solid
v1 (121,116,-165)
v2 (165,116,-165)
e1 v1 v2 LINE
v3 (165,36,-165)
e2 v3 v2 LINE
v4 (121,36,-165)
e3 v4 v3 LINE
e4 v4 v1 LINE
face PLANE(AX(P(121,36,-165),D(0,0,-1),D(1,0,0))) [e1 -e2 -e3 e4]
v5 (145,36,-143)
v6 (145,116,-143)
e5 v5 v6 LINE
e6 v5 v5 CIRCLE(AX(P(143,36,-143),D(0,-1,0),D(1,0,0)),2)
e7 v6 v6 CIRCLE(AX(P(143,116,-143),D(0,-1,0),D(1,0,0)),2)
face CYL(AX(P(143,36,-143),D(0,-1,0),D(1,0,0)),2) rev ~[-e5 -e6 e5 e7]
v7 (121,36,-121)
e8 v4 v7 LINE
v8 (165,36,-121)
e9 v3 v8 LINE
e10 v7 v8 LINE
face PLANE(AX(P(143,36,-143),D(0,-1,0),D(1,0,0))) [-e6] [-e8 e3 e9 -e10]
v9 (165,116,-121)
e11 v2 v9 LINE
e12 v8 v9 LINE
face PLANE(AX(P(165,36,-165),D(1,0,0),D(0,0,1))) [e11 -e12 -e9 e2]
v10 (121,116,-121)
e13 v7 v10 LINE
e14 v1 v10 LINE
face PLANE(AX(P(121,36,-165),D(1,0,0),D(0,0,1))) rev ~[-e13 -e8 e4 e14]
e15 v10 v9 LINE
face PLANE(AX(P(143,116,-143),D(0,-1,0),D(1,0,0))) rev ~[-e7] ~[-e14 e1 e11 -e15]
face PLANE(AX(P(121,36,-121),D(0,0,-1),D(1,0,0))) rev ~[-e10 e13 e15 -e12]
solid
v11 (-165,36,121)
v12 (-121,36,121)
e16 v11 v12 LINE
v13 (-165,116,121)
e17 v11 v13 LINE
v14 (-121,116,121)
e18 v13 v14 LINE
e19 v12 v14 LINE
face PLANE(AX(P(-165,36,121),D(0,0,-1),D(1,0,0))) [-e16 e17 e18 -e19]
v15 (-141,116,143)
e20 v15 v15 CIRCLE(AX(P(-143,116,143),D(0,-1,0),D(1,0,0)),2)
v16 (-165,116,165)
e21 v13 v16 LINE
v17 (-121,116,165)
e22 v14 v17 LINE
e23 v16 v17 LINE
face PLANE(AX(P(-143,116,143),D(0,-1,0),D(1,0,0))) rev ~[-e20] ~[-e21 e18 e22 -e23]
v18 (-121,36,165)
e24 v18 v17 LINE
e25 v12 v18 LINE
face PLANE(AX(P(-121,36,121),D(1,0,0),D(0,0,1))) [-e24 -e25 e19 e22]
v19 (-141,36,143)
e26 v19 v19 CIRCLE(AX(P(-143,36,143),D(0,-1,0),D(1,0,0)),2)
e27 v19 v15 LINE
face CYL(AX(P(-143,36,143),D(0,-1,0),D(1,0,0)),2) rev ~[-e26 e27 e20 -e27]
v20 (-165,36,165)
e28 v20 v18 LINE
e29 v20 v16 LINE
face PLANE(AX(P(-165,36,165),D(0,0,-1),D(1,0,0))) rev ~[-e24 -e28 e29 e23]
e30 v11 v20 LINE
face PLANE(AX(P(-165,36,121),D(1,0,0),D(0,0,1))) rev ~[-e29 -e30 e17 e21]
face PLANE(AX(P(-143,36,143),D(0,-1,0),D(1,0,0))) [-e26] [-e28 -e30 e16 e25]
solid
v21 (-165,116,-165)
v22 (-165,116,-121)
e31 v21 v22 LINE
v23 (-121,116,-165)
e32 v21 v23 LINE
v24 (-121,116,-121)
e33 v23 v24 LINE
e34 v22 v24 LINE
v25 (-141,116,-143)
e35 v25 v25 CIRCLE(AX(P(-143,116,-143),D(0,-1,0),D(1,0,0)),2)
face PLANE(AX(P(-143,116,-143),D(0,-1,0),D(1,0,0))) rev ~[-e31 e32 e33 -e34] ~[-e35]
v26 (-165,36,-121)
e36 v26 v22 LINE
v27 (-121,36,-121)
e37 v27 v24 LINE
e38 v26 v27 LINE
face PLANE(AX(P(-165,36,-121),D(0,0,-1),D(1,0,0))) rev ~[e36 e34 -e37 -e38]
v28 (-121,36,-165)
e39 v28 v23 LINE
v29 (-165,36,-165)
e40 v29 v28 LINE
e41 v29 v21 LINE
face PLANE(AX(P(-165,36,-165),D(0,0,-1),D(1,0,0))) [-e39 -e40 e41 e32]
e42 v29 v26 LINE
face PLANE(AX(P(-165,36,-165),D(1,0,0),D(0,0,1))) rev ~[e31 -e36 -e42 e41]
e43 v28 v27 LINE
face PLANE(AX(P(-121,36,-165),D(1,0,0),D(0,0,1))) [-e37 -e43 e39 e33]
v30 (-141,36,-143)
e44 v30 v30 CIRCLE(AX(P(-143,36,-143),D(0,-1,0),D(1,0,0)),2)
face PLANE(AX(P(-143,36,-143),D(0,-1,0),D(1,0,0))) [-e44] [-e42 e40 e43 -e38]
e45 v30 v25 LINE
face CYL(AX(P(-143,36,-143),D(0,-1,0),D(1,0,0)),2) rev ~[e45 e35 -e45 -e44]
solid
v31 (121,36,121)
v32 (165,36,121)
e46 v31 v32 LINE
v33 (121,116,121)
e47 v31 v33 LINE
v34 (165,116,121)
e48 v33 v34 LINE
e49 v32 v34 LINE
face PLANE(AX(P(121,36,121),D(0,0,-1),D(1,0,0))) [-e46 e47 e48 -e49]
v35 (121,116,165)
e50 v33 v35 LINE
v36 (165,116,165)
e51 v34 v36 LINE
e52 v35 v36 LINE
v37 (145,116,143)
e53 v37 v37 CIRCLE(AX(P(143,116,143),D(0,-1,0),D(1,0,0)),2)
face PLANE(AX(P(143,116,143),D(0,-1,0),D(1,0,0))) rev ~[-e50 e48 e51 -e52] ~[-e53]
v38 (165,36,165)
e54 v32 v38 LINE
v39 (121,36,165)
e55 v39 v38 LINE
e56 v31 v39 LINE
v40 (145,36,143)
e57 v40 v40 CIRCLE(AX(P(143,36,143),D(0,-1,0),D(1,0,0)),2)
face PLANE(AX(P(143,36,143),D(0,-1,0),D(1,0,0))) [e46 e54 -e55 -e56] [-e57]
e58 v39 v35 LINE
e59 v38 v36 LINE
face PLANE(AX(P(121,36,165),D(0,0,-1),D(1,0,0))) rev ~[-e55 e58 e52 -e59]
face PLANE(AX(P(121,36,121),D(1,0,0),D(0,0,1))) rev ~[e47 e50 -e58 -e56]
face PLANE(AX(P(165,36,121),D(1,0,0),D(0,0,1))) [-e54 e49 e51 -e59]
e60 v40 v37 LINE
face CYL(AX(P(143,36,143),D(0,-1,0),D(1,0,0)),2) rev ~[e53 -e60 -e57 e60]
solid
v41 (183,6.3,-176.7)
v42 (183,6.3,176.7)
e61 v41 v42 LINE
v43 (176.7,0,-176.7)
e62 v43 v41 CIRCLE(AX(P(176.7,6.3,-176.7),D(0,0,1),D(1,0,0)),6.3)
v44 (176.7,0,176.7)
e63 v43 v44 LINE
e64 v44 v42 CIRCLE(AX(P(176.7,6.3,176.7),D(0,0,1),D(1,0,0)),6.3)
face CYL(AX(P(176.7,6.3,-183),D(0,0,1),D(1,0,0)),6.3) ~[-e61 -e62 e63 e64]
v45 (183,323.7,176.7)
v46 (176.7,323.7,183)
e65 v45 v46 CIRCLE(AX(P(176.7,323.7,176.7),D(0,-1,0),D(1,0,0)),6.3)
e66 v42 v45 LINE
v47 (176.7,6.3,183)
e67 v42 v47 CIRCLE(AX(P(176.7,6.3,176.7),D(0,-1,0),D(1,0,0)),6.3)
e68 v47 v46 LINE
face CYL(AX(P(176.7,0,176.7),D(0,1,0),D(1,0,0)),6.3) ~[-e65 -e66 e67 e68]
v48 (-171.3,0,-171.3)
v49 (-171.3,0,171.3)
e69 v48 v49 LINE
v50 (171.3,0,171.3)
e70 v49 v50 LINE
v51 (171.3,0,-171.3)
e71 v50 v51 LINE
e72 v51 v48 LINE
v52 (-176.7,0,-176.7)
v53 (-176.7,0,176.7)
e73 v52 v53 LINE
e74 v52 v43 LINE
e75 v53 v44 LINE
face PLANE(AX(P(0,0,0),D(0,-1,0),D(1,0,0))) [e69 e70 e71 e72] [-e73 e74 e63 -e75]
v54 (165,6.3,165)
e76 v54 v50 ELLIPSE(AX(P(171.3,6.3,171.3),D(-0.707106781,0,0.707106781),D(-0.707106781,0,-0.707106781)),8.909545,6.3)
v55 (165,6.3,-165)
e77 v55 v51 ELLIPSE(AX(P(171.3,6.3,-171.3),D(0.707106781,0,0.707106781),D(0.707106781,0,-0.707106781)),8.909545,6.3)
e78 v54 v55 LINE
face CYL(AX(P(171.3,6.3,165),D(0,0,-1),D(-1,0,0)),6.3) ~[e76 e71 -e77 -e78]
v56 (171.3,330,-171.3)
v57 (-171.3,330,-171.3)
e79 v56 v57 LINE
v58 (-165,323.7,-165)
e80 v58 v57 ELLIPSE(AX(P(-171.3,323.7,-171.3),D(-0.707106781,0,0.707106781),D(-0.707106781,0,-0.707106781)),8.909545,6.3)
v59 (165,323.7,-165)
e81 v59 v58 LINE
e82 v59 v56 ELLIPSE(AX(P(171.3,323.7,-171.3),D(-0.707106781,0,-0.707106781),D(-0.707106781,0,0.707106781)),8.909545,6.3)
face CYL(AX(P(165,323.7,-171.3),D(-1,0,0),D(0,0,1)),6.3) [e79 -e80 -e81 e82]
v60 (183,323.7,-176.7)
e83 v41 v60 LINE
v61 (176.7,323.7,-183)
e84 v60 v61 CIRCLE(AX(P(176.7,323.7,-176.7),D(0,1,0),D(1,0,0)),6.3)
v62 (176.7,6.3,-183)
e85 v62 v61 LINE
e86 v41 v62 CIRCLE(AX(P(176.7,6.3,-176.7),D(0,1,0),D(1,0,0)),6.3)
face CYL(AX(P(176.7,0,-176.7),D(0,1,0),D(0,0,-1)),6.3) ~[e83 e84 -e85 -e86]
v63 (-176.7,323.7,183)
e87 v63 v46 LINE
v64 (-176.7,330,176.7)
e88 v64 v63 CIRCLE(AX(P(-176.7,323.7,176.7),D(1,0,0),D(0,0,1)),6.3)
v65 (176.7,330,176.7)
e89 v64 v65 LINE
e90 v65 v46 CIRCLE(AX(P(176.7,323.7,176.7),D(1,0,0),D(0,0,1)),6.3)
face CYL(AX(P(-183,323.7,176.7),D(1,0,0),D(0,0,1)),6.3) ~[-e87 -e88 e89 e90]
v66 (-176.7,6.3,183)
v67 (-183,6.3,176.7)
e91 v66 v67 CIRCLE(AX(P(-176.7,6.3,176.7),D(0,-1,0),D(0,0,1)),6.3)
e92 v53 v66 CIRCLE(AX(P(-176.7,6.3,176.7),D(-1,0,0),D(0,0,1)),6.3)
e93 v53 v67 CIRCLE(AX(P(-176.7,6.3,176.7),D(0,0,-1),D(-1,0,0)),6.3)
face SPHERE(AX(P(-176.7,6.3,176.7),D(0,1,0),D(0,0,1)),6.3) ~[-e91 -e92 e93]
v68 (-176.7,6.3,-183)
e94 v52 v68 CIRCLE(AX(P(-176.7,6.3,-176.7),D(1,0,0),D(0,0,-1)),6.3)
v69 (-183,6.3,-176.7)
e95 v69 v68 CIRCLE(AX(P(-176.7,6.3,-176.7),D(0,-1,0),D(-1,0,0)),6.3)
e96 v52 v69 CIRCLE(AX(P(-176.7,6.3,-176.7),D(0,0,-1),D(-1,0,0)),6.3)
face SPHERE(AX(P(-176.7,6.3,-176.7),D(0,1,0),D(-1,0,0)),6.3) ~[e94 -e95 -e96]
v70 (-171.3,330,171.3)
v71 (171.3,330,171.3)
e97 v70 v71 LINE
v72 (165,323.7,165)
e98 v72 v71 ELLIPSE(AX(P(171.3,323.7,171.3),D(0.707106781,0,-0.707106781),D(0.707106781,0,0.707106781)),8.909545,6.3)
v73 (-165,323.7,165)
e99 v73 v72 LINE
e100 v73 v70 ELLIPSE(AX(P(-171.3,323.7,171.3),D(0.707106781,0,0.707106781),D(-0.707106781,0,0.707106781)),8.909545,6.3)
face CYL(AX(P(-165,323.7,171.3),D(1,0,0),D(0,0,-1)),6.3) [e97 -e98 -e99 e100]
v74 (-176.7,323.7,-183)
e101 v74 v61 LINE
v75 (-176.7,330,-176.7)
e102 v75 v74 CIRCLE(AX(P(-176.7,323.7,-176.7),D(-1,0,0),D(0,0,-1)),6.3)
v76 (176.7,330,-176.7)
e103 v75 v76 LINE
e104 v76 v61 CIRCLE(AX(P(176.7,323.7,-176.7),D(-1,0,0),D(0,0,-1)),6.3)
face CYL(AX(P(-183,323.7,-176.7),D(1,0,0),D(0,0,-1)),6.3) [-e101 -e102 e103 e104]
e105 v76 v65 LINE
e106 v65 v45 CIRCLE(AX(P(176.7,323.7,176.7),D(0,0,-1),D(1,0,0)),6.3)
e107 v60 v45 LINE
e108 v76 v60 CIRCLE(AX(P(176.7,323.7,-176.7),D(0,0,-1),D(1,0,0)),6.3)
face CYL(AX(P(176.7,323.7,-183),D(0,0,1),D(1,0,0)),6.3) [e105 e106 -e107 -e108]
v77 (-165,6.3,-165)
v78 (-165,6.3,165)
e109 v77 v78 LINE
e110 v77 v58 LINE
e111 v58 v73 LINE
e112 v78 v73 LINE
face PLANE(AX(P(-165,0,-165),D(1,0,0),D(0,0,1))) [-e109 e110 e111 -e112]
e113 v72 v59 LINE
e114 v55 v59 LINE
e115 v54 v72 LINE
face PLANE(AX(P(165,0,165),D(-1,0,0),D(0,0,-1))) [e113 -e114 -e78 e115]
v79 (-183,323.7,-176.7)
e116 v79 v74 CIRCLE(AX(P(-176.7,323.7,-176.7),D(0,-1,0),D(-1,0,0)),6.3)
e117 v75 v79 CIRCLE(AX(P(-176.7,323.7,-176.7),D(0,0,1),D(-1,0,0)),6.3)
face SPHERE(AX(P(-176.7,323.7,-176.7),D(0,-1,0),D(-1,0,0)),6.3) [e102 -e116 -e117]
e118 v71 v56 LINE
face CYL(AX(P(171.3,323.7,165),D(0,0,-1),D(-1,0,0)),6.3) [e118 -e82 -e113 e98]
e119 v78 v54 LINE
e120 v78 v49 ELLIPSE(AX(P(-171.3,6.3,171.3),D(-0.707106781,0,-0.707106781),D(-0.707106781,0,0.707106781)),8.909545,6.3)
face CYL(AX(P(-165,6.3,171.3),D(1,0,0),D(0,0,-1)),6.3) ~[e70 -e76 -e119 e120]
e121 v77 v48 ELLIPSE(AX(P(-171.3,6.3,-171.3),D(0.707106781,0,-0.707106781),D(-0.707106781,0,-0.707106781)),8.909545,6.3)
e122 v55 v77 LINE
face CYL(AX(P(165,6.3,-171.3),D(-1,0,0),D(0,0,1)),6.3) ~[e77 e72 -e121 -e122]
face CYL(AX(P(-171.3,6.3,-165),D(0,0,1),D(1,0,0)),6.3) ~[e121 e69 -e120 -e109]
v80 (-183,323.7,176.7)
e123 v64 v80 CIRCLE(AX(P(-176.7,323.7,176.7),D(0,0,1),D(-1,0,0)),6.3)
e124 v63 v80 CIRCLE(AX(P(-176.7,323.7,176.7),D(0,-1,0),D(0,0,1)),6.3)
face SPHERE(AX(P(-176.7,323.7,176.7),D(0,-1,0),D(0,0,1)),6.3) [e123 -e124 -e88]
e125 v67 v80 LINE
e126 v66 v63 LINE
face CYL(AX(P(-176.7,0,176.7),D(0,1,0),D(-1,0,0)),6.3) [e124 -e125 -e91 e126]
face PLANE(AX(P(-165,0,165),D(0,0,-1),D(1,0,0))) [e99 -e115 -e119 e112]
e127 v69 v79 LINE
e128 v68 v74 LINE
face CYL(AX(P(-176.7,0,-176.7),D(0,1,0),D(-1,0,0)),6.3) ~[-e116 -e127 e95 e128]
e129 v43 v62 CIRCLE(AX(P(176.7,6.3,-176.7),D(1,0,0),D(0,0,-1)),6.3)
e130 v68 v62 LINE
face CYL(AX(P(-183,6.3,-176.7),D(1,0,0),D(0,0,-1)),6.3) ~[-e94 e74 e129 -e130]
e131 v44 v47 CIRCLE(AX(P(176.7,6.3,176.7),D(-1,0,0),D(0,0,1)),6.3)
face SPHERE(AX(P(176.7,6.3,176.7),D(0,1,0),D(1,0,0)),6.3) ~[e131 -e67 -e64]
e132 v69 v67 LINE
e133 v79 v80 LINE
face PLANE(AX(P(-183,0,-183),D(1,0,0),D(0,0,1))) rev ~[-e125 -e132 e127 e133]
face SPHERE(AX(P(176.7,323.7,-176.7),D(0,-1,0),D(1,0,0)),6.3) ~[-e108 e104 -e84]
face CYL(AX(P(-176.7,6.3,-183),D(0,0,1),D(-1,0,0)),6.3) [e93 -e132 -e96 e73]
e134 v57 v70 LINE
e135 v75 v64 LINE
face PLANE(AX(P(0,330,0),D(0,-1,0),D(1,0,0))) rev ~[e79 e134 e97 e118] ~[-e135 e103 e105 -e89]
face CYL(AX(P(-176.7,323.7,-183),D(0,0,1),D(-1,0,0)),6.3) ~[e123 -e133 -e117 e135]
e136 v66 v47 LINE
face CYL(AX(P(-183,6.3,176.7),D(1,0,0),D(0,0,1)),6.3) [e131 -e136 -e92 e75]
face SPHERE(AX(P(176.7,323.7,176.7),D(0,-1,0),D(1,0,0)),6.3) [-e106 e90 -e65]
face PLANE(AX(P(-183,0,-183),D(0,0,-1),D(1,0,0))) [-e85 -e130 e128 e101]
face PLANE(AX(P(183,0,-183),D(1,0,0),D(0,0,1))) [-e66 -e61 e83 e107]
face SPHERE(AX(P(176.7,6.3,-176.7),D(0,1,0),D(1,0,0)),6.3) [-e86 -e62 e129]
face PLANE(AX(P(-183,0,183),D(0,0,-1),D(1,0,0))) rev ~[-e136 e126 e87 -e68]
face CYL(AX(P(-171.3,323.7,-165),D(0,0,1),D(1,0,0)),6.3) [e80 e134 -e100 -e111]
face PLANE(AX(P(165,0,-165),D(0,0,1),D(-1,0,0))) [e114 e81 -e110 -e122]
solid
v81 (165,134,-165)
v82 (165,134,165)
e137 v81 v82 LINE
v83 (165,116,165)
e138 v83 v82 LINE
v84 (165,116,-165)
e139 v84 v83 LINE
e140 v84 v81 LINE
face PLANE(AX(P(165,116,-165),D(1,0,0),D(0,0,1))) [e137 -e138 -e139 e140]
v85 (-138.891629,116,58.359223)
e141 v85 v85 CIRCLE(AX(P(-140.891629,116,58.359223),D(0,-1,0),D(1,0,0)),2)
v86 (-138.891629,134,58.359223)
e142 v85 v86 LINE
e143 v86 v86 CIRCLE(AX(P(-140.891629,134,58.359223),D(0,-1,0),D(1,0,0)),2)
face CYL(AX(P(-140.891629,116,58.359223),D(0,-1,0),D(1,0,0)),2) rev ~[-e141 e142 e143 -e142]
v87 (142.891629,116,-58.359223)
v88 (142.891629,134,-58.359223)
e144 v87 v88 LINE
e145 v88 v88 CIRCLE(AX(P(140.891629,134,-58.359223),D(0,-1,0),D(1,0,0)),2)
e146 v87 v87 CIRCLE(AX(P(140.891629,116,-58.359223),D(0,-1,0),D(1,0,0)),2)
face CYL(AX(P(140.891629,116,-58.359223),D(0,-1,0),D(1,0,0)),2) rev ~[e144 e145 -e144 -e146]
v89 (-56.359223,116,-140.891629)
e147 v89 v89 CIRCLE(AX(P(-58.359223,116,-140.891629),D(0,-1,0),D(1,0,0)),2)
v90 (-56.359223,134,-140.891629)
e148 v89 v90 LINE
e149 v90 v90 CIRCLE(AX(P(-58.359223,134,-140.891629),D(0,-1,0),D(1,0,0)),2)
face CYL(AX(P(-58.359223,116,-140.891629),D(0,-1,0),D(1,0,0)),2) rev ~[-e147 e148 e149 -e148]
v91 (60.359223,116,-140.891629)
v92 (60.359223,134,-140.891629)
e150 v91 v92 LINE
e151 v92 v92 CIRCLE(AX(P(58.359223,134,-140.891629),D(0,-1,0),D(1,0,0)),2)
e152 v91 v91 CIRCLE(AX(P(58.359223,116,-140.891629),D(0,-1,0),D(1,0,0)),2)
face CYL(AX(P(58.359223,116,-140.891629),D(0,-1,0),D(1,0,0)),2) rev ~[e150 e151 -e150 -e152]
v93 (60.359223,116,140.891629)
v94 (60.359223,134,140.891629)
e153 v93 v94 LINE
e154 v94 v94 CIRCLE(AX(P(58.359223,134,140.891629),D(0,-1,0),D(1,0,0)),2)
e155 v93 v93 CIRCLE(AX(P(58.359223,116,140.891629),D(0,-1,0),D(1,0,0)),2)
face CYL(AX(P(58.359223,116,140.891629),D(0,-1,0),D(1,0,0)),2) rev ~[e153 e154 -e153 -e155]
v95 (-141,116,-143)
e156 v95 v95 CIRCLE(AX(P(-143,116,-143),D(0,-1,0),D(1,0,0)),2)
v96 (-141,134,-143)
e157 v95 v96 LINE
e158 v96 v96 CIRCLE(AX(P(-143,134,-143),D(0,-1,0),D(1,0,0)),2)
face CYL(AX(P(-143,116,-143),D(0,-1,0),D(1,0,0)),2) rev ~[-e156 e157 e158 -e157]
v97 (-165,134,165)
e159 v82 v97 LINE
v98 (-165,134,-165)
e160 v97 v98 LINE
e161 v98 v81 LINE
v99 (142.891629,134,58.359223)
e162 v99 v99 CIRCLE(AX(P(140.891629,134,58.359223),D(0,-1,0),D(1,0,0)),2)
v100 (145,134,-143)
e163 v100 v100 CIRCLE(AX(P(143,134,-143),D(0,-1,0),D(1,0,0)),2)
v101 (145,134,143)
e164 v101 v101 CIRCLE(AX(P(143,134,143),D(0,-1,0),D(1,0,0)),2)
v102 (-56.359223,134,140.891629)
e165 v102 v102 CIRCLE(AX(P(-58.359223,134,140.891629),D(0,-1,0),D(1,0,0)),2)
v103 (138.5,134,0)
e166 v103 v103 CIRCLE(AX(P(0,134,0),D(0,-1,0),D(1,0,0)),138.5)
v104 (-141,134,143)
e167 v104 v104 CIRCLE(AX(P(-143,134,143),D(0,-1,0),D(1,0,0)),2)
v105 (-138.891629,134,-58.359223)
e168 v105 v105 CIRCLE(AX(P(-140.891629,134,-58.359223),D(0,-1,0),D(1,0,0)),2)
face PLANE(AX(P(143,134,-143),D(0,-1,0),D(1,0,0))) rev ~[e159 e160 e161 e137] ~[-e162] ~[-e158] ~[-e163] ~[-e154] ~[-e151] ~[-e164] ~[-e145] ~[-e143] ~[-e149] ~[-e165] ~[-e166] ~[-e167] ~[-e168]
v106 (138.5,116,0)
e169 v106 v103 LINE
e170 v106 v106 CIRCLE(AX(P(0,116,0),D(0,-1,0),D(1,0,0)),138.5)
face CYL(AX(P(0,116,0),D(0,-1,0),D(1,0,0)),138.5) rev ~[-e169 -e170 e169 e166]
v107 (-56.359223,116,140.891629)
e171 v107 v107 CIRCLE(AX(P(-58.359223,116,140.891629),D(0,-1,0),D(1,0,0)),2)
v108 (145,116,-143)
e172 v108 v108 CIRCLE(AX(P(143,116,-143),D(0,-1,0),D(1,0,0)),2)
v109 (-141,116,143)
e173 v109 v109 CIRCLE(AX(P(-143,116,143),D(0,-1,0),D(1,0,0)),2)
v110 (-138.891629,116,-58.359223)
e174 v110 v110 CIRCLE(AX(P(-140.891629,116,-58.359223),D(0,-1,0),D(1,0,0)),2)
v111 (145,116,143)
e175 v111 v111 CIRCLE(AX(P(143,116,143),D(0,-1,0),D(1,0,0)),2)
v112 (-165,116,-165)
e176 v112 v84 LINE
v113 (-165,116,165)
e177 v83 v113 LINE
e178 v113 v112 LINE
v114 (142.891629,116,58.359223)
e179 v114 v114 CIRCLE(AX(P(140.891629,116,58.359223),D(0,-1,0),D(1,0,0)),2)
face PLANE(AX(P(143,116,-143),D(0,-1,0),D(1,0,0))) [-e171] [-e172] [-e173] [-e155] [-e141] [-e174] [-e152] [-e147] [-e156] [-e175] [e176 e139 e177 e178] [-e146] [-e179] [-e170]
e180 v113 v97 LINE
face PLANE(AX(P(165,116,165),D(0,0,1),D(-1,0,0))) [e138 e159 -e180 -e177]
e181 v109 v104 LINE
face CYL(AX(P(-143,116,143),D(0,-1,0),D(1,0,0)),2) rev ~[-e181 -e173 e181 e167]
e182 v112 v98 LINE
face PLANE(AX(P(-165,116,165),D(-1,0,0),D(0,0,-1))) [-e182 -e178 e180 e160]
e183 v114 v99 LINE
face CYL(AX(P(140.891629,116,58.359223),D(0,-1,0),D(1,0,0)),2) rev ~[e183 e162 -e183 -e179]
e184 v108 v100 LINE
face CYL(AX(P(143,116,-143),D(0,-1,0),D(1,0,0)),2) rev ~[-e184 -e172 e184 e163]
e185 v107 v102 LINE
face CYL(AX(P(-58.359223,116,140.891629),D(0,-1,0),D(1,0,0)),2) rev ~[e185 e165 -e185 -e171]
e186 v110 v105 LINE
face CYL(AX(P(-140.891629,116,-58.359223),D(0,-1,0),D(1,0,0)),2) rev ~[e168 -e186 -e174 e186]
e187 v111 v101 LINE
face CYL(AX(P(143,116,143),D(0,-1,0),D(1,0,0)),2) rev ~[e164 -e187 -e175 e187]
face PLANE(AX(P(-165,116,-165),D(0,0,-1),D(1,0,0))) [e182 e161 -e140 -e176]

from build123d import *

# Parameters (mm, degrees)
F0_W     = 366
F0_H     = 366
F1_DEPTH = 330
F0_W_2   = 44
F0_H_2   = 44
F0_R     = 2
F0_R_2   = 138.5
F2_DEPTH = 18
F3_DEPTH = 80
F4_R     = 6.3


with BuildPart() as f1:
    # F0 (on Front) → F1 (new body)
    with BuildSketch(Plane.XZ):
        Rectangle(F0_W, F0_H)
        Polygon((165, -121), (165, -165), (121, -165), (-121, -165), (-165, -165), (-165, -121), (-165, 121), (-165, 165), (-121, 165), (121, 165), (165, 165), (165, 121), align=None, mode=Mode.SUBTRACT)
    extrude(amount=-F1_DEPTH)

    # F4
    f4_edges = [f1.edges().sort_by_distance(p)[0] for p in [
        (183, 165, -183),
        (183, 165, 183),
        (183, 0, 0),
        (183, 330, 0),
        (-183, 165, 183),
        (0, 0, 183),
        (0, 330, 183),
        (-183, 165, -183),
        (-183, 0, 0),
        (-183, 330, 0),
        (0, 0, -183),
        (0, 330, -183),
        (165, 0, 0),
        (0, 0, -165),
        (-165, 0, 0),
        (0, 0, 165),
        (0, 330, -165),
        (-165, 330, 0),
        (0, 330, 165),
        (165, 330, 0),
    ]]
    fillet(f4_edges, radius=F4_R)


with BuildPart() as f2:
    # F0 (on Front) → F2 (new body)
    with BuildSketch(Plane.XZ):
        with Locations((143, -143)):
            Rectangle(F0_W_2, F0_H_2)
        with Locations((143, -143)):
            Circle(F0_R, mode=Mode.SUBTRACT)
        Polygon((-121, -165), (121, -165), (121, -121), (165, -121), (165, 121), (121, 121), (121, 165), (-121, 165), (-121, 121), (-165, 121), (-165, -121), (-121, -121), align=None)
        with Locations((-58.3592234357, -140.891628708)):
            Circle(F0_R, mode=Mode.SUBTRACT)
        with Locations((-140.891628708, -58.3592234357)):
            Circle(F0_R, mode=Mode.SUBTRACT)
        with Locations((58.3592234357, -140.891628708)):
            Circle(F0_R, mode=Mode.SUBTRACT)
        with Locations((140.891628708, -58.3592234357)):
            Circle(F0_R, mode=Mode.SUBTRACT)
        with Locations((-140.891628708, 58.3592234357)):
            Circle(F0_R, mode=Mode.SUBTRACT)
        with Locations((-58.3592234357, 140.891628708)):
            Circle(F0_R, mode=Mode.SUBTRACT)
        Circle(F0_R_2, mode=Mode.SUBTRACT)
        with Locations((140.891628708, 58.3592234357)):
            Circle(F0_R, mode=Mode.SUBTRACT)
        with Locations((58.3592234357, 140.891628708)):
            Circle(F0_R, mode=Mode.SUBTRACT)
        with Locations((-143, -143)):
            Rectangle(F0_W_2, F0_H_2)
        with Locations((-143, -143)):
            Circle(F0_R, mode=Mode.SUBTRACT)
        with Locations((-143, 143)):
            Rectangle(F0_W_2, F0_H_2)
        with Locations((-143, 143)):
            Circle(F0_R, mode=Mode.SUBTRACT)
        with Locations((143, 143)):
            Rectangle(F0_W_2, F0_H_2)
        with Locations((143, 143)):
            Circle(F0_R, mode=Mode.SUBTRACT)
    extrude(amount=-F2_DEPTH)


with BuildPart() as f3:
    # F0 (on Front) → F3 (new body)
    with BuildSketch(Plane.XZ):
        with Locations((-143, 143)):
            Rectangle(F0_W_2, F0_H_2)
        with Locations((-143, 143)):
            Circle(F0_R, mode=Mode.SUBTRACT)
    extrude(amount=-F3_DEPTH)


with BuildPart() as f3b:
    # F0 (on Front) → F3, piece 2 (new body)
    with BuildSketch(Plane.XZ):
        with Locations((143, 143)):
            Rectangle(F0_W_2, F0_H_2)
        with Locations((143, 143)):
            Circle(F0_R, mode=Mode.SUBTRACT)
    extrude(amount=-F3_DEPTH)


with BuildPart() as f3c:
    # F0 (on Front) → F3, piece 3 (new body)
    with BuildSketch(Plane.XZ):
        with Locations((143, -143)):
            Rectangle(F0_W_2, F0_H_2)
        with Locations((143, -143)):
            Circle(F0_R, mode=Mode.SUBTRACT)
    extrude(amount=-F3_DEPTH)


with BuildPart() as f3d:
    # F0 (on Front) → F3, piece 4 (new body)
    with BuildSketch(Plane.XZ):
        with Locations((-143, -143)):
            Rectangle(F0_W_2, F0_H_2)
        with Locations((-143, -143)):
            Circle(F0_R, mode=Mode.SUBTRACT)
    extrude(amount=-F3_DEPTH)


with BuildPart() as f3_1:
    # F5: moved
    add(f3.part.moved(Location((0, 36, 0))))


with BuildPart() as f3b_1:
    # F5: moved
    add(f3b.part.moved(Location((0, 36, 0))))


with BuildPart() as f3c_1:
    # F5: moved
    add(f3c.part.moved(Location((0, 36, 0))))


with BuildPart() as f3d_1:
    # F5: moved
    add(f3d.part.moved(Location((0, 36, 0))))


with BuildPart() as f2_1:
    # F6: moved
    add(f2.part.moved(Location((0, 116, 0))))


solid = Compound([f1.part, f3_1.part, f3b_1.part, f3c_1.part, f3d_1.part, f2_1.part])
